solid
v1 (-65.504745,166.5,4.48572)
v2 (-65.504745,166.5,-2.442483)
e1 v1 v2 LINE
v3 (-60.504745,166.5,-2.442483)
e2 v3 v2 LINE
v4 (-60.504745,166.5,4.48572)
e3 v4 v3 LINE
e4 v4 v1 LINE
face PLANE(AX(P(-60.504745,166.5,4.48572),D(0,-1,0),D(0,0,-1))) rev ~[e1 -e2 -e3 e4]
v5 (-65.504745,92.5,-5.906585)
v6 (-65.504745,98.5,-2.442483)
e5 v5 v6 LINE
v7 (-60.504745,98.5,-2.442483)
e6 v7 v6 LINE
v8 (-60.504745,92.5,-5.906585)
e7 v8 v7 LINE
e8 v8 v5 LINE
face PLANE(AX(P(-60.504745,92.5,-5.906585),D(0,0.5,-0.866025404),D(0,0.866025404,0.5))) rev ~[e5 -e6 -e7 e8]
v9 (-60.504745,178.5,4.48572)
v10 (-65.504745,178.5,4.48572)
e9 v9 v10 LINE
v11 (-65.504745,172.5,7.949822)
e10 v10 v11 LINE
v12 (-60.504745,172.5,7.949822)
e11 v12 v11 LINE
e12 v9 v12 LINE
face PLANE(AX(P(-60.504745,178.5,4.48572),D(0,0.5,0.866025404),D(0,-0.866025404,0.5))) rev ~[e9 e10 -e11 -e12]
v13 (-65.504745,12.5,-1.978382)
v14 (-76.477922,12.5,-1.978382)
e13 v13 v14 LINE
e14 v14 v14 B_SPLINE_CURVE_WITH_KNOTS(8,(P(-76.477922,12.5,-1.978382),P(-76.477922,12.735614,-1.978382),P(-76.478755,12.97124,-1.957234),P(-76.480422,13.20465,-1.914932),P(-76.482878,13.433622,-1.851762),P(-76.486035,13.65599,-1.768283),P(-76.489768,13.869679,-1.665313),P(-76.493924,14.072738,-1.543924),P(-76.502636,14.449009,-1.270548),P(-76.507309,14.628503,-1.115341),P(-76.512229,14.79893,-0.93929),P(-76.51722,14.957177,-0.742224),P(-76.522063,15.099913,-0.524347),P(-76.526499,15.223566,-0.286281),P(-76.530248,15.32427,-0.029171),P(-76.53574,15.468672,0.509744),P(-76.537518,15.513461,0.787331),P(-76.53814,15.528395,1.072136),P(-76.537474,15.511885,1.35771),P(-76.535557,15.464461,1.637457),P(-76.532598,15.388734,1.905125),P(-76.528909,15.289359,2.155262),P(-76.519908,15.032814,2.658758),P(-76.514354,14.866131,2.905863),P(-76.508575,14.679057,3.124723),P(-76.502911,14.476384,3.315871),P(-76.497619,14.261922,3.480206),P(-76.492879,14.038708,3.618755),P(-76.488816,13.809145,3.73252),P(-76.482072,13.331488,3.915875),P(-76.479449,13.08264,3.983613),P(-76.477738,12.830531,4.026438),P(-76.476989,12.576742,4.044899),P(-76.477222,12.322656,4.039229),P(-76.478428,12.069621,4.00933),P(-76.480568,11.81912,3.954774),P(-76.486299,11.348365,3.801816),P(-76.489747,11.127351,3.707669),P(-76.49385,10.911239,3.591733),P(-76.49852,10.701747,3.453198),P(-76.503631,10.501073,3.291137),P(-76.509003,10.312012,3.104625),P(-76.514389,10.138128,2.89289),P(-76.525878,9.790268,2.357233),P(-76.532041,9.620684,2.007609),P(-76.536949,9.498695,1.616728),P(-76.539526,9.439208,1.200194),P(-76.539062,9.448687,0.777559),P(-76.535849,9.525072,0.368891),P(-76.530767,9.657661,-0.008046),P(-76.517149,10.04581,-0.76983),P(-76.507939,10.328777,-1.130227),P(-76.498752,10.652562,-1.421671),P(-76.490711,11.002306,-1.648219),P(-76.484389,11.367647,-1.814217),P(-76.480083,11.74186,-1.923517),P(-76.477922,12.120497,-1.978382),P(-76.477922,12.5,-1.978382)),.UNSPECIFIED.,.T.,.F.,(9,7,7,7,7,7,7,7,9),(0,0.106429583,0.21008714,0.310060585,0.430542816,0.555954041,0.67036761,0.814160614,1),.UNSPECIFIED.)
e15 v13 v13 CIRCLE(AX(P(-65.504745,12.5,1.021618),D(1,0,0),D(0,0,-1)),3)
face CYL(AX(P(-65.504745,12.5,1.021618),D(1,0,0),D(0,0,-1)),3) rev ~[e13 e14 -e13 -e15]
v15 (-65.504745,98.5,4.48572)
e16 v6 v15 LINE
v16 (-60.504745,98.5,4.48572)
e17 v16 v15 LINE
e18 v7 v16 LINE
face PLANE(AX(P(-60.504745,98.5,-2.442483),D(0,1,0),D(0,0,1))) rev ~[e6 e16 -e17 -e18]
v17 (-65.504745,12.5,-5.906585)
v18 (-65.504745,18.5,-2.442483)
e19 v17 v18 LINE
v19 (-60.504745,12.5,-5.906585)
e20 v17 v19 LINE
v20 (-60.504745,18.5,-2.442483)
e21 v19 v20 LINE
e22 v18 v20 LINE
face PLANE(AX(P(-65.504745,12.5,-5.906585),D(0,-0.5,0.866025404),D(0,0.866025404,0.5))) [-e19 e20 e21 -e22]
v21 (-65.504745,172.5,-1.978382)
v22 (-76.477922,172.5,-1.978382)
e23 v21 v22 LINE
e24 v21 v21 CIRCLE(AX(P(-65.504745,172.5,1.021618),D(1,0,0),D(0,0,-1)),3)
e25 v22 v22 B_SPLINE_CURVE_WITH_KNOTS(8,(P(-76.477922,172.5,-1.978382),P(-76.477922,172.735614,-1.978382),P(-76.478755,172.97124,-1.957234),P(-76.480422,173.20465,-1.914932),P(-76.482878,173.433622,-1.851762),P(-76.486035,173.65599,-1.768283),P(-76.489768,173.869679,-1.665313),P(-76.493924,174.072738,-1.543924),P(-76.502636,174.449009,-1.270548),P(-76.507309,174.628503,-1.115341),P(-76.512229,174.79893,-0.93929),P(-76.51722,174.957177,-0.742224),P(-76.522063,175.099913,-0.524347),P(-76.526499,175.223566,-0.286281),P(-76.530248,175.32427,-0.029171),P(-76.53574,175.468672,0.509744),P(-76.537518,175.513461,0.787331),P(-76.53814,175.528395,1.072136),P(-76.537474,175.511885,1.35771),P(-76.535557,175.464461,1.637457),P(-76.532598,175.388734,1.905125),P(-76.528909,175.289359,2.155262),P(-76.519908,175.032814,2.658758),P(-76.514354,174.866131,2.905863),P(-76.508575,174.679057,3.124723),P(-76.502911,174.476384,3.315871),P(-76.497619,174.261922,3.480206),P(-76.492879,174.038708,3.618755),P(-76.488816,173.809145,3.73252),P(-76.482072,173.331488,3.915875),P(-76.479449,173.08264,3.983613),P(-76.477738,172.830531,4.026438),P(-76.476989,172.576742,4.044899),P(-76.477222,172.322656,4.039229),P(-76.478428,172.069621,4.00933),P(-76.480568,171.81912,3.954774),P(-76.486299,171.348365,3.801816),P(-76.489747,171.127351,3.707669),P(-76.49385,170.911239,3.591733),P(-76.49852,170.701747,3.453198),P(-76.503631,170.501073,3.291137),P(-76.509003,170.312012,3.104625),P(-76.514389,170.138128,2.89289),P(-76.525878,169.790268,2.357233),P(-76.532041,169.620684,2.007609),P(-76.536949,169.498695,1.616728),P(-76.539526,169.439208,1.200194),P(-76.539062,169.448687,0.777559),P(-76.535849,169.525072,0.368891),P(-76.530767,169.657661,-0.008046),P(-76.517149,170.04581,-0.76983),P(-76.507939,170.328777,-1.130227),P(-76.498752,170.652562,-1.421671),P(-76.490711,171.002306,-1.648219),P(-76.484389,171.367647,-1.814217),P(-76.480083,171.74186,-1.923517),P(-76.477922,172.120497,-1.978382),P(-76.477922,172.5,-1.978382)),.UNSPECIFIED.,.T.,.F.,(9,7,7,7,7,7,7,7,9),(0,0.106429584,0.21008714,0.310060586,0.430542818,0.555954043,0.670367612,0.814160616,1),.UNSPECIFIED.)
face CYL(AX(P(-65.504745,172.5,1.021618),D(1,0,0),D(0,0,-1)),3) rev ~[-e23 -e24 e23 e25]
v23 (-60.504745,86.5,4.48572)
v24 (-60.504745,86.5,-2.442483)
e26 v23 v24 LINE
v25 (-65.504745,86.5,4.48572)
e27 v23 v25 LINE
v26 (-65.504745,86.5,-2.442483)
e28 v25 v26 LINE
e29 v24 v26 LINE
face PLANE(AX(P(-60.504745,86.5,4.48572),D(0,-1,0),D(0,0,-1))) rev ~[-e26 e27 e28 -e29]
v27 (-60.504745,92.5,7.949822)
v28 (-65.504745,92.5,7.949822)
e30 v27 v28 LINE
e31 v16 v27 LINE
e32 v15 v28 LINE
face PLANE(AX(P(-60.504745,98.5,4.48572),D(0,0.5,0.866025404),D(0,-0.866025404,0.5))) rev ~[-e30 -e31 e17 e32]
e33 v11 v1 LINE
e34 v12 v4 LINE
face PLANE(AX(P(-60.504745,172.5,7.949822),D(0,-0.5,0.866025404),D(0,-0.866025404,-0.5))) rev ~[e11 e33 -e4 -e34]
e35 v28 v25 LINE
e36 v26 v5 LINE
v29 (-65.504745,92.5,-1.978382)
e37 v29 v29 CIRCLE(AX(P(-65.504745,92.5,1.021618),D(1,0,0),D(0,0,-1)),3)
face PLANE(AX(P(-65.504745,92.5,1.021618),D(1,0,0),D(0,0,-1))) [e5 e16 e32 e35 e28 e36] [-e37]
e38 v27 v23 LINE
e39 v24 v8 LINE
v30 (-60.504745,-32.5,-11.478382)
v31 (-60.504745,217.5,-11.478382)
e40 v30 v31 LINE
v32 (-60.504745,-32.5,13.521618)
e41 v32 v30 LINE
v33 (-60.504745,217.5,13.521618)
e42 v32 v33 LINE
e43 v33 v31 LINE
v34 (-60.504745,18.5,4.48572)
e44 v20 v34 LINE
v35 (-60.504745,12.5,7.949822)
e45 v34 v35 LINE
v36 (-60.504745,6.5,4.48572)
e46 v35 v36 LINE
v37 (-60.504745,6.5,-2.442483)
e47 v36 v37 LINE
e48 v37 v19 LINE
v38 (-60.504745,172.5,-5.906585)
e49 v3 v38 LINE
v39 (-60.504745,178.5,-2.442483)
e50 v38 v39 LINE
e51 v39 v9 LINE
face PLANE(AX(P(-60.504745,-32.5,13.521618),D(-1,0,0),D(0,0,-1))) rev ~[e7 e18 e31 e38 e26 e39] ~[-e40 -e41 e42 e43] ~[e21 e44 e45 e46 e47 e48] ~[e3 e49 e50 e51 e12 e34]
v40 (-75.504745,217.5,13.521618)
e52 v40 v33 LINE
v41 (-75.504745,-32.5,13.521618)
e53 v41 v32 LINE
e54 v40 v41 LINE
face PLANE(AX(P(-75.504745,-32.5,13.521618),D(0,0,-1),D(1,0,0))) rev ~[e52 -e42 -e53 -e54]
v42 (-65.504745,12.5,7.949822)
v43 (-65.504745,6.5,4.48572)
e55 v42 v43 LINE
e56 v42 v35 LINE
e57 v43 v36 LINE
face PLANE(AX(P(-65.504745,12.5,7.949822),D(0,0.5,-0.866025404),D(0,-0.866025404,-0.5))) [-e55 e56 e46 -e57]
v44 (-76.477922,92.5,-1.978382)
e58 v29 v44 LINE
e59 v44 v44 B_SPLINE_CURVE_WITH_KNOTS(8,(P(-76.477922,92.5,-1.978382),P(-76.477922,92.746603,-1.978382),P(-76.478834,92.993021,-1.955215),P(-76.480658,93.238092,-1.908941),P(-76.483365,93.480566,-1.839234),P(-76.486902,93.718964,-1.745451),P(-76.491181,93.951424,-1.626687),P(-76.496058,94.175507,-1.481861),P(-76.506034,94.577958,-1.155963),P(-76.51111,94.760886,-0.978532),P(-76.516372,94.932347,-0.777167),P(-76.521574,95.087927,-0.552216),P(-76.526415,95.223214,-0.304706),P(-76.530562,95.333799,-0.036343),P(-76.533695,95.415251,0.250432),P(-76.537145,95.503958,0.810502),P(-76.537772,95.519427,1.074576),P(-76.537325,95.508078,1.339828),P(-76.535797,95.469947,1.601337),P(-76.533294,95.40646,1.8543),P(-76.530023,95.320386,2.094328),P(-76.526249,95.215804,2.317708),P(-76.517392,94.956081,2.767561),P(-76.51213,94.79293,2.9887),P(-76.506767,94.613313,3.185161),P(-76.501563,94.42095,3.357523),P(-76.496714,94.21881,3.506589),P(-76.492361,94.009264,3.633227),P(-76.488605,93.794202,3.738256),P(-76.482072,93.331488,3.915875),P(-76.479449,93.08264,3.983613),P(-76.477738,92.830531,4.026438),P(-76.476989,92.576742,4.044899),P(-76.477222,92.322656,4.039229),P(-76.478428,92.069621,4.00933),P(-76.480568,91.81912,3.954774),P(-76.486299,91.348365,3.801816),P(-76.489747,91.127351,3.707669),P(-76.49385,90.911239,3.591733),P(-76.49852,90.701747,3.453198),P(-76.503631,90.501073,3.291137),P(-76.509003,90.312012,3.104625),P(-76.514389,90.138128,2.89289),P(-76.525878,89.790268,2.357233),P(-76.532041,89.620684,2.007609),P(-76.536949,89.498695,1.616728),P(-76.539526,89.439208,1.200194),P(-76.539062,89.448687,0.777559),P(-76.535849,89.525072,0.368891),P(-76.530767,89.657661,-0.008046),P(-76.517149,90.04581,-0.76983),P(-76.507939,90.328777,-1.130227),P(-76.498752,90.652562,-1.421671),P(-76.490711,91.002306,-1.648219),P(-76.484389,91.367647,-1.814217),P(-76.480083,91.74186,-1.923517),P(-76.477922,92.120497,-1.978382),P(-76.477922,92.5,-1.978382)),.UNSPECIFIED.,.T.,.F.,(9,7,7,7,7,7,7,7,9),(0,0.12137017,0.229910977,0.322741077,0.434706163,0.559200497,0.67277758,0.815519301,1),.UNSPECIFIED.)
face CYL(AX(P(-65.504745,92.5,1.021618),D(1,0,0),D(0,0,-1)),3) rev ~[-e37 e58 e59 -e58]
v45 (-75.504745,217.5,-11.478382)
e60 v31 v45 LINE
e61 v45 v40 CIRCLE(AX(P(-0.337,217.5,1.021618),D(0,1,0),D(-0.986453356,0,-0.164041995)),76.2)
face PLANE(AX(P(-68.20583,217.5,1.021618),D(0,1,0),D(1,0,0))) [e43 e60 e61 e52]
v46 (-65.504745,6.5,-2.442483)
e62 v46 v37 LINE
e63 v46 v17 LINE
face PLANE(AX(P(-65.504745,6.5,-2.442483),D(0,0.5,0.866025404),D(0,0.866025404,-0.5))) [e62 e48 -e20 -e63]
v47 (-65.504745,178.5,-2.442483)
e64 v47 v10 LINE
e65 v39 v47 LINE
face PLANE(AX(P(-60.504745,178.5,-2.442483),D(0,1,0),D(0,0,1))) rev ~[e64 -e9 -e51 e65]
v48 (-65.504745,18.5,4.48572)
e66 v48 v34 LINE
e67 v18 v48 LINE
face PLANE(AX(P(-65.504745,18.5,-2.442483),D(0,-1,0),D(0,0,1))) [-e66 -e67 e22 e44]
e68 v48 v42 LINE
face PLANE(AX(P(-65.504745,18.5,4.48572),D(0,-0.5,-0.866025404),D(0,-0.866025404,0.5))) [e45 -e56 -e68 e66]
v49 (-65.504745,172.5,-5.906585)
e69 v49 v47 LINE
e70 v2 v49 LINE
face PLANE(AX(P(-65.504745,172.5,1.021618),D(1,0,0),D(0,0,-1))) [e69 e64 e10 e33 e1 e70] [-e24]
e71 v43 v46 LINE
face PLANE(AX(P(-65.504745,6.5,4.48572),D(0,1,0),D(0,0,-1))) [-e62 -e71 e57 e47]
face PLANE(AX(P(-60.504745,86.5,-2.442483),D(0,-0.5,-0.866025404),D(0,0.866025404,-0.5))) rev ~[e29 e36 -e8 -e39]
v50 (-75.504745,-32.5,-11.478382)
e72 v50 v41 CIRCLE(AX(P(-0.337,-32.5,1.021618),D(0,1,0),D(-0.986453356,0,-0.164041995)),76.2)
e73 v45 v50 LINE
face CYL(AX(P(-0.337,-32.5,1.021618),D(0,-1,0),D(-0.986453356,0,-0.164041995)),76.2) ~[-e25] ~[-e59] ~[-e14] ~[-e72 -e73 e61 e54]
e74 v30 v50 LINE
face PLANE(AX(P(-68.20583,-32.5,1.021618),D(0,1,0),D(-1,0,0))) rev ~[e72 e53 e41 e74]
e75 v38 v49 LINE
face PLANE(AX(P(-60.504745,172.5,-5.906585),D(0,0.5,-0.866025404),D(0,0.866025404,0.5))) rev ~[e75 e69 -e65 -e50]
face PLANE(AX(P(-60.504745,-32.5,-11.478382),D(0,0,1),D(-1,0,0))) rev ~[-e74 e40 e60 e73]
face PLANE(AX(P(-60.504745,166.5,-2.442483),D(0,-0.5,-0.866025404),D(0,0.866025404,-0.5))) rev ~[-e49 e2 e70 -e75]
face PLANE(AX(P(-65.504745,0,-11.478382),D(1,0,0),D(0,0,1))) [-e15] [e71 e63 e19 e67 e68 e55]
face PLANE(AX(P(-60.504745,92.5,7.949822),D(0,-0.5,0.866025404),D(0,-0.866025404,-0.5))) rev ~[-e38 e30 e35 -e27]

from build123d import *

# Parameters (mm, degrees)
BOSS_EXTRUDE1_DEPTH = 25
SKETCH2_R           = 3
CUT_EXTRUDE1_DEPTH  = 25
SKETCH3_W           = 25
SKETCH3_H           = 25
BOSS_EXTRUDE2_DEPTH = 5
BOSS_EXTRUDE3_DEPTH = 192.5
BOSS_EXTRUDE4_START = 32.5
BOSS_EXTRUDE4_DEPTH = 32.5
LPATTERN4_COUNT     = 3
LPATTERN4_PITCH     = 80
CUT_EXTRUDE2_DEPTH  = 5


with BuildPart() as part:
    # Sketch1 → Boss-Extrude1 (new body)
    with BuildSketch(Plane(origin=(0, 0, 0), x_dir=(1, 0, 0), z_dir=(0, 1, 0))):
        with BuildLine():
            Line((-65.504745346, 11.478381524), (-65.504745346, -13.521618476))
            Line((-65.504745346, -13.521618476), (-75.504745346, -13.521618476))
            ThreePointArc((-75.504745346, -13.521618476), (-76.536999603, -1.021618476), (-75.504745346, 11.478381524))
            Line((-75.504745346, 11.478381524), (-65.504745346, 11.478381524))
        make_face()
    extrude(amount=BOSS_EXTRUDE1_DEPTH)

    # Sketch2 → Cut-Extrude1 (cut)
    with BuildSketch(Plane(origin=(-65.504745346, 0, 0), x_dir=(0, 0, -1), z_dir=(1, 0, 0))):
        with Locations((-1.021618476, 12.5)):
            Circle(SKETCH2_R)
    cut_extrude1 = extrude(amount=-CUT_EXTRUDE1_DEPTH, mode=Mode.SUBTRACT)

    # Sketch3 → Boss-Extrude2 (add)
    with BuildSketch(Plane(origin=(-65.504745346, 0, 0), x_dir=(0, 0, -1), z_dir=(1, 0, 0))):
        with Locations((-1.021618476, 12.5)):
            Rectangle(SKETCH3_W, SKETCH3_H)
        Polygon((5.906584755, 12.5), (2.442483139, 18.5), (-4.485720091, 18.5), (-7.949821706, 12.5), (-4.485720091, 6.5), (2.442483139, 6.5), align=None, mode=Mode.SUBTRACT)
    extrude(amount=BOSS_EXTRUDE2_DEPTH)

    # Sketch4 → Boss-Extrude3 (add)
    with BuildSketch(Plane(origin=(0, 25, 0), x_dir=(1, 0, 0), z_dir=(0, 1, 0))):
        with BuildLine():
            Line((-75.504745346, -13.521618476), (-60.504745346, -13.521618476))
            Line((-60.504745346, -13.521618476), (-60.504745346, 11.478381524))
            Line((-60.504745346, 11.478381524), (-75.504745346, 11.478381524))
            ThreePointArc((-75.504745346, 11.478381524), (-76.536999603, -1.021618476), (-75.504745346, -13.521618476))
        make_face()
    extrude(amount=BOSS_EXTRUDE3_DEPTH)

    # Sketch5 → Boss-Extrude4 (add)
    with BuildSketch(Plane.XZ.offset(BOSS_EXTRUDE4_START)):
        with BuildLine():
            Line((-75.504745346, 13.521618476), (-60.504745346, 13.521618476))
            Line((-60.504745346, 13.521618476), (-60.504745346, -11.478381524))
            Line((-60.504745346, -11.478381524), (-75.504745346, -11.478381524))
            ThreePointArc((-75.504745346, -11.478381524), (-76.536999603, 1.021618476), (-75.504745346, 13.521618476))
        make_face()
    extrude(amount=-BOSS_EXTRUDE4_DEPTH)

    # LPattern4: Cut-Extrude1 ×3
    with Locations(*[(0, i * LPATTERN4_PITCH, 0) for i in range(1, LPATTERN4_COUNT)]):
        add(cut_extrude1, mode=Mode.SUBTRACT)

    # Sketch6 → Cut-Extrude2 (cut)
    with BuildSketch(Plane(origin=(-60.504745346, 0, 0), x_dir=(0, 0, -1), z_dir=(1, 0, 0))):
        Polygon((5.906584755, 92.5), (2.442483139, 98.5), (-4.485720091, 98.5), (-7.949821706, 92.5), (-4.485720091, 86.5), (2.442483139, 86.5), align=None)
        Polygon((5.906584755, 172.5), (2.442483139, 178.5), (-4.485720091, 178.5), (-7.949821706, 172.5), (-4.485720091, 166.5), (2.442483139, 166.5), align=None)
    extrude(amount=-CUT_EXTRUDE2_DEPTH, mode=Mode.SUBTRACT)


solid = part.part
